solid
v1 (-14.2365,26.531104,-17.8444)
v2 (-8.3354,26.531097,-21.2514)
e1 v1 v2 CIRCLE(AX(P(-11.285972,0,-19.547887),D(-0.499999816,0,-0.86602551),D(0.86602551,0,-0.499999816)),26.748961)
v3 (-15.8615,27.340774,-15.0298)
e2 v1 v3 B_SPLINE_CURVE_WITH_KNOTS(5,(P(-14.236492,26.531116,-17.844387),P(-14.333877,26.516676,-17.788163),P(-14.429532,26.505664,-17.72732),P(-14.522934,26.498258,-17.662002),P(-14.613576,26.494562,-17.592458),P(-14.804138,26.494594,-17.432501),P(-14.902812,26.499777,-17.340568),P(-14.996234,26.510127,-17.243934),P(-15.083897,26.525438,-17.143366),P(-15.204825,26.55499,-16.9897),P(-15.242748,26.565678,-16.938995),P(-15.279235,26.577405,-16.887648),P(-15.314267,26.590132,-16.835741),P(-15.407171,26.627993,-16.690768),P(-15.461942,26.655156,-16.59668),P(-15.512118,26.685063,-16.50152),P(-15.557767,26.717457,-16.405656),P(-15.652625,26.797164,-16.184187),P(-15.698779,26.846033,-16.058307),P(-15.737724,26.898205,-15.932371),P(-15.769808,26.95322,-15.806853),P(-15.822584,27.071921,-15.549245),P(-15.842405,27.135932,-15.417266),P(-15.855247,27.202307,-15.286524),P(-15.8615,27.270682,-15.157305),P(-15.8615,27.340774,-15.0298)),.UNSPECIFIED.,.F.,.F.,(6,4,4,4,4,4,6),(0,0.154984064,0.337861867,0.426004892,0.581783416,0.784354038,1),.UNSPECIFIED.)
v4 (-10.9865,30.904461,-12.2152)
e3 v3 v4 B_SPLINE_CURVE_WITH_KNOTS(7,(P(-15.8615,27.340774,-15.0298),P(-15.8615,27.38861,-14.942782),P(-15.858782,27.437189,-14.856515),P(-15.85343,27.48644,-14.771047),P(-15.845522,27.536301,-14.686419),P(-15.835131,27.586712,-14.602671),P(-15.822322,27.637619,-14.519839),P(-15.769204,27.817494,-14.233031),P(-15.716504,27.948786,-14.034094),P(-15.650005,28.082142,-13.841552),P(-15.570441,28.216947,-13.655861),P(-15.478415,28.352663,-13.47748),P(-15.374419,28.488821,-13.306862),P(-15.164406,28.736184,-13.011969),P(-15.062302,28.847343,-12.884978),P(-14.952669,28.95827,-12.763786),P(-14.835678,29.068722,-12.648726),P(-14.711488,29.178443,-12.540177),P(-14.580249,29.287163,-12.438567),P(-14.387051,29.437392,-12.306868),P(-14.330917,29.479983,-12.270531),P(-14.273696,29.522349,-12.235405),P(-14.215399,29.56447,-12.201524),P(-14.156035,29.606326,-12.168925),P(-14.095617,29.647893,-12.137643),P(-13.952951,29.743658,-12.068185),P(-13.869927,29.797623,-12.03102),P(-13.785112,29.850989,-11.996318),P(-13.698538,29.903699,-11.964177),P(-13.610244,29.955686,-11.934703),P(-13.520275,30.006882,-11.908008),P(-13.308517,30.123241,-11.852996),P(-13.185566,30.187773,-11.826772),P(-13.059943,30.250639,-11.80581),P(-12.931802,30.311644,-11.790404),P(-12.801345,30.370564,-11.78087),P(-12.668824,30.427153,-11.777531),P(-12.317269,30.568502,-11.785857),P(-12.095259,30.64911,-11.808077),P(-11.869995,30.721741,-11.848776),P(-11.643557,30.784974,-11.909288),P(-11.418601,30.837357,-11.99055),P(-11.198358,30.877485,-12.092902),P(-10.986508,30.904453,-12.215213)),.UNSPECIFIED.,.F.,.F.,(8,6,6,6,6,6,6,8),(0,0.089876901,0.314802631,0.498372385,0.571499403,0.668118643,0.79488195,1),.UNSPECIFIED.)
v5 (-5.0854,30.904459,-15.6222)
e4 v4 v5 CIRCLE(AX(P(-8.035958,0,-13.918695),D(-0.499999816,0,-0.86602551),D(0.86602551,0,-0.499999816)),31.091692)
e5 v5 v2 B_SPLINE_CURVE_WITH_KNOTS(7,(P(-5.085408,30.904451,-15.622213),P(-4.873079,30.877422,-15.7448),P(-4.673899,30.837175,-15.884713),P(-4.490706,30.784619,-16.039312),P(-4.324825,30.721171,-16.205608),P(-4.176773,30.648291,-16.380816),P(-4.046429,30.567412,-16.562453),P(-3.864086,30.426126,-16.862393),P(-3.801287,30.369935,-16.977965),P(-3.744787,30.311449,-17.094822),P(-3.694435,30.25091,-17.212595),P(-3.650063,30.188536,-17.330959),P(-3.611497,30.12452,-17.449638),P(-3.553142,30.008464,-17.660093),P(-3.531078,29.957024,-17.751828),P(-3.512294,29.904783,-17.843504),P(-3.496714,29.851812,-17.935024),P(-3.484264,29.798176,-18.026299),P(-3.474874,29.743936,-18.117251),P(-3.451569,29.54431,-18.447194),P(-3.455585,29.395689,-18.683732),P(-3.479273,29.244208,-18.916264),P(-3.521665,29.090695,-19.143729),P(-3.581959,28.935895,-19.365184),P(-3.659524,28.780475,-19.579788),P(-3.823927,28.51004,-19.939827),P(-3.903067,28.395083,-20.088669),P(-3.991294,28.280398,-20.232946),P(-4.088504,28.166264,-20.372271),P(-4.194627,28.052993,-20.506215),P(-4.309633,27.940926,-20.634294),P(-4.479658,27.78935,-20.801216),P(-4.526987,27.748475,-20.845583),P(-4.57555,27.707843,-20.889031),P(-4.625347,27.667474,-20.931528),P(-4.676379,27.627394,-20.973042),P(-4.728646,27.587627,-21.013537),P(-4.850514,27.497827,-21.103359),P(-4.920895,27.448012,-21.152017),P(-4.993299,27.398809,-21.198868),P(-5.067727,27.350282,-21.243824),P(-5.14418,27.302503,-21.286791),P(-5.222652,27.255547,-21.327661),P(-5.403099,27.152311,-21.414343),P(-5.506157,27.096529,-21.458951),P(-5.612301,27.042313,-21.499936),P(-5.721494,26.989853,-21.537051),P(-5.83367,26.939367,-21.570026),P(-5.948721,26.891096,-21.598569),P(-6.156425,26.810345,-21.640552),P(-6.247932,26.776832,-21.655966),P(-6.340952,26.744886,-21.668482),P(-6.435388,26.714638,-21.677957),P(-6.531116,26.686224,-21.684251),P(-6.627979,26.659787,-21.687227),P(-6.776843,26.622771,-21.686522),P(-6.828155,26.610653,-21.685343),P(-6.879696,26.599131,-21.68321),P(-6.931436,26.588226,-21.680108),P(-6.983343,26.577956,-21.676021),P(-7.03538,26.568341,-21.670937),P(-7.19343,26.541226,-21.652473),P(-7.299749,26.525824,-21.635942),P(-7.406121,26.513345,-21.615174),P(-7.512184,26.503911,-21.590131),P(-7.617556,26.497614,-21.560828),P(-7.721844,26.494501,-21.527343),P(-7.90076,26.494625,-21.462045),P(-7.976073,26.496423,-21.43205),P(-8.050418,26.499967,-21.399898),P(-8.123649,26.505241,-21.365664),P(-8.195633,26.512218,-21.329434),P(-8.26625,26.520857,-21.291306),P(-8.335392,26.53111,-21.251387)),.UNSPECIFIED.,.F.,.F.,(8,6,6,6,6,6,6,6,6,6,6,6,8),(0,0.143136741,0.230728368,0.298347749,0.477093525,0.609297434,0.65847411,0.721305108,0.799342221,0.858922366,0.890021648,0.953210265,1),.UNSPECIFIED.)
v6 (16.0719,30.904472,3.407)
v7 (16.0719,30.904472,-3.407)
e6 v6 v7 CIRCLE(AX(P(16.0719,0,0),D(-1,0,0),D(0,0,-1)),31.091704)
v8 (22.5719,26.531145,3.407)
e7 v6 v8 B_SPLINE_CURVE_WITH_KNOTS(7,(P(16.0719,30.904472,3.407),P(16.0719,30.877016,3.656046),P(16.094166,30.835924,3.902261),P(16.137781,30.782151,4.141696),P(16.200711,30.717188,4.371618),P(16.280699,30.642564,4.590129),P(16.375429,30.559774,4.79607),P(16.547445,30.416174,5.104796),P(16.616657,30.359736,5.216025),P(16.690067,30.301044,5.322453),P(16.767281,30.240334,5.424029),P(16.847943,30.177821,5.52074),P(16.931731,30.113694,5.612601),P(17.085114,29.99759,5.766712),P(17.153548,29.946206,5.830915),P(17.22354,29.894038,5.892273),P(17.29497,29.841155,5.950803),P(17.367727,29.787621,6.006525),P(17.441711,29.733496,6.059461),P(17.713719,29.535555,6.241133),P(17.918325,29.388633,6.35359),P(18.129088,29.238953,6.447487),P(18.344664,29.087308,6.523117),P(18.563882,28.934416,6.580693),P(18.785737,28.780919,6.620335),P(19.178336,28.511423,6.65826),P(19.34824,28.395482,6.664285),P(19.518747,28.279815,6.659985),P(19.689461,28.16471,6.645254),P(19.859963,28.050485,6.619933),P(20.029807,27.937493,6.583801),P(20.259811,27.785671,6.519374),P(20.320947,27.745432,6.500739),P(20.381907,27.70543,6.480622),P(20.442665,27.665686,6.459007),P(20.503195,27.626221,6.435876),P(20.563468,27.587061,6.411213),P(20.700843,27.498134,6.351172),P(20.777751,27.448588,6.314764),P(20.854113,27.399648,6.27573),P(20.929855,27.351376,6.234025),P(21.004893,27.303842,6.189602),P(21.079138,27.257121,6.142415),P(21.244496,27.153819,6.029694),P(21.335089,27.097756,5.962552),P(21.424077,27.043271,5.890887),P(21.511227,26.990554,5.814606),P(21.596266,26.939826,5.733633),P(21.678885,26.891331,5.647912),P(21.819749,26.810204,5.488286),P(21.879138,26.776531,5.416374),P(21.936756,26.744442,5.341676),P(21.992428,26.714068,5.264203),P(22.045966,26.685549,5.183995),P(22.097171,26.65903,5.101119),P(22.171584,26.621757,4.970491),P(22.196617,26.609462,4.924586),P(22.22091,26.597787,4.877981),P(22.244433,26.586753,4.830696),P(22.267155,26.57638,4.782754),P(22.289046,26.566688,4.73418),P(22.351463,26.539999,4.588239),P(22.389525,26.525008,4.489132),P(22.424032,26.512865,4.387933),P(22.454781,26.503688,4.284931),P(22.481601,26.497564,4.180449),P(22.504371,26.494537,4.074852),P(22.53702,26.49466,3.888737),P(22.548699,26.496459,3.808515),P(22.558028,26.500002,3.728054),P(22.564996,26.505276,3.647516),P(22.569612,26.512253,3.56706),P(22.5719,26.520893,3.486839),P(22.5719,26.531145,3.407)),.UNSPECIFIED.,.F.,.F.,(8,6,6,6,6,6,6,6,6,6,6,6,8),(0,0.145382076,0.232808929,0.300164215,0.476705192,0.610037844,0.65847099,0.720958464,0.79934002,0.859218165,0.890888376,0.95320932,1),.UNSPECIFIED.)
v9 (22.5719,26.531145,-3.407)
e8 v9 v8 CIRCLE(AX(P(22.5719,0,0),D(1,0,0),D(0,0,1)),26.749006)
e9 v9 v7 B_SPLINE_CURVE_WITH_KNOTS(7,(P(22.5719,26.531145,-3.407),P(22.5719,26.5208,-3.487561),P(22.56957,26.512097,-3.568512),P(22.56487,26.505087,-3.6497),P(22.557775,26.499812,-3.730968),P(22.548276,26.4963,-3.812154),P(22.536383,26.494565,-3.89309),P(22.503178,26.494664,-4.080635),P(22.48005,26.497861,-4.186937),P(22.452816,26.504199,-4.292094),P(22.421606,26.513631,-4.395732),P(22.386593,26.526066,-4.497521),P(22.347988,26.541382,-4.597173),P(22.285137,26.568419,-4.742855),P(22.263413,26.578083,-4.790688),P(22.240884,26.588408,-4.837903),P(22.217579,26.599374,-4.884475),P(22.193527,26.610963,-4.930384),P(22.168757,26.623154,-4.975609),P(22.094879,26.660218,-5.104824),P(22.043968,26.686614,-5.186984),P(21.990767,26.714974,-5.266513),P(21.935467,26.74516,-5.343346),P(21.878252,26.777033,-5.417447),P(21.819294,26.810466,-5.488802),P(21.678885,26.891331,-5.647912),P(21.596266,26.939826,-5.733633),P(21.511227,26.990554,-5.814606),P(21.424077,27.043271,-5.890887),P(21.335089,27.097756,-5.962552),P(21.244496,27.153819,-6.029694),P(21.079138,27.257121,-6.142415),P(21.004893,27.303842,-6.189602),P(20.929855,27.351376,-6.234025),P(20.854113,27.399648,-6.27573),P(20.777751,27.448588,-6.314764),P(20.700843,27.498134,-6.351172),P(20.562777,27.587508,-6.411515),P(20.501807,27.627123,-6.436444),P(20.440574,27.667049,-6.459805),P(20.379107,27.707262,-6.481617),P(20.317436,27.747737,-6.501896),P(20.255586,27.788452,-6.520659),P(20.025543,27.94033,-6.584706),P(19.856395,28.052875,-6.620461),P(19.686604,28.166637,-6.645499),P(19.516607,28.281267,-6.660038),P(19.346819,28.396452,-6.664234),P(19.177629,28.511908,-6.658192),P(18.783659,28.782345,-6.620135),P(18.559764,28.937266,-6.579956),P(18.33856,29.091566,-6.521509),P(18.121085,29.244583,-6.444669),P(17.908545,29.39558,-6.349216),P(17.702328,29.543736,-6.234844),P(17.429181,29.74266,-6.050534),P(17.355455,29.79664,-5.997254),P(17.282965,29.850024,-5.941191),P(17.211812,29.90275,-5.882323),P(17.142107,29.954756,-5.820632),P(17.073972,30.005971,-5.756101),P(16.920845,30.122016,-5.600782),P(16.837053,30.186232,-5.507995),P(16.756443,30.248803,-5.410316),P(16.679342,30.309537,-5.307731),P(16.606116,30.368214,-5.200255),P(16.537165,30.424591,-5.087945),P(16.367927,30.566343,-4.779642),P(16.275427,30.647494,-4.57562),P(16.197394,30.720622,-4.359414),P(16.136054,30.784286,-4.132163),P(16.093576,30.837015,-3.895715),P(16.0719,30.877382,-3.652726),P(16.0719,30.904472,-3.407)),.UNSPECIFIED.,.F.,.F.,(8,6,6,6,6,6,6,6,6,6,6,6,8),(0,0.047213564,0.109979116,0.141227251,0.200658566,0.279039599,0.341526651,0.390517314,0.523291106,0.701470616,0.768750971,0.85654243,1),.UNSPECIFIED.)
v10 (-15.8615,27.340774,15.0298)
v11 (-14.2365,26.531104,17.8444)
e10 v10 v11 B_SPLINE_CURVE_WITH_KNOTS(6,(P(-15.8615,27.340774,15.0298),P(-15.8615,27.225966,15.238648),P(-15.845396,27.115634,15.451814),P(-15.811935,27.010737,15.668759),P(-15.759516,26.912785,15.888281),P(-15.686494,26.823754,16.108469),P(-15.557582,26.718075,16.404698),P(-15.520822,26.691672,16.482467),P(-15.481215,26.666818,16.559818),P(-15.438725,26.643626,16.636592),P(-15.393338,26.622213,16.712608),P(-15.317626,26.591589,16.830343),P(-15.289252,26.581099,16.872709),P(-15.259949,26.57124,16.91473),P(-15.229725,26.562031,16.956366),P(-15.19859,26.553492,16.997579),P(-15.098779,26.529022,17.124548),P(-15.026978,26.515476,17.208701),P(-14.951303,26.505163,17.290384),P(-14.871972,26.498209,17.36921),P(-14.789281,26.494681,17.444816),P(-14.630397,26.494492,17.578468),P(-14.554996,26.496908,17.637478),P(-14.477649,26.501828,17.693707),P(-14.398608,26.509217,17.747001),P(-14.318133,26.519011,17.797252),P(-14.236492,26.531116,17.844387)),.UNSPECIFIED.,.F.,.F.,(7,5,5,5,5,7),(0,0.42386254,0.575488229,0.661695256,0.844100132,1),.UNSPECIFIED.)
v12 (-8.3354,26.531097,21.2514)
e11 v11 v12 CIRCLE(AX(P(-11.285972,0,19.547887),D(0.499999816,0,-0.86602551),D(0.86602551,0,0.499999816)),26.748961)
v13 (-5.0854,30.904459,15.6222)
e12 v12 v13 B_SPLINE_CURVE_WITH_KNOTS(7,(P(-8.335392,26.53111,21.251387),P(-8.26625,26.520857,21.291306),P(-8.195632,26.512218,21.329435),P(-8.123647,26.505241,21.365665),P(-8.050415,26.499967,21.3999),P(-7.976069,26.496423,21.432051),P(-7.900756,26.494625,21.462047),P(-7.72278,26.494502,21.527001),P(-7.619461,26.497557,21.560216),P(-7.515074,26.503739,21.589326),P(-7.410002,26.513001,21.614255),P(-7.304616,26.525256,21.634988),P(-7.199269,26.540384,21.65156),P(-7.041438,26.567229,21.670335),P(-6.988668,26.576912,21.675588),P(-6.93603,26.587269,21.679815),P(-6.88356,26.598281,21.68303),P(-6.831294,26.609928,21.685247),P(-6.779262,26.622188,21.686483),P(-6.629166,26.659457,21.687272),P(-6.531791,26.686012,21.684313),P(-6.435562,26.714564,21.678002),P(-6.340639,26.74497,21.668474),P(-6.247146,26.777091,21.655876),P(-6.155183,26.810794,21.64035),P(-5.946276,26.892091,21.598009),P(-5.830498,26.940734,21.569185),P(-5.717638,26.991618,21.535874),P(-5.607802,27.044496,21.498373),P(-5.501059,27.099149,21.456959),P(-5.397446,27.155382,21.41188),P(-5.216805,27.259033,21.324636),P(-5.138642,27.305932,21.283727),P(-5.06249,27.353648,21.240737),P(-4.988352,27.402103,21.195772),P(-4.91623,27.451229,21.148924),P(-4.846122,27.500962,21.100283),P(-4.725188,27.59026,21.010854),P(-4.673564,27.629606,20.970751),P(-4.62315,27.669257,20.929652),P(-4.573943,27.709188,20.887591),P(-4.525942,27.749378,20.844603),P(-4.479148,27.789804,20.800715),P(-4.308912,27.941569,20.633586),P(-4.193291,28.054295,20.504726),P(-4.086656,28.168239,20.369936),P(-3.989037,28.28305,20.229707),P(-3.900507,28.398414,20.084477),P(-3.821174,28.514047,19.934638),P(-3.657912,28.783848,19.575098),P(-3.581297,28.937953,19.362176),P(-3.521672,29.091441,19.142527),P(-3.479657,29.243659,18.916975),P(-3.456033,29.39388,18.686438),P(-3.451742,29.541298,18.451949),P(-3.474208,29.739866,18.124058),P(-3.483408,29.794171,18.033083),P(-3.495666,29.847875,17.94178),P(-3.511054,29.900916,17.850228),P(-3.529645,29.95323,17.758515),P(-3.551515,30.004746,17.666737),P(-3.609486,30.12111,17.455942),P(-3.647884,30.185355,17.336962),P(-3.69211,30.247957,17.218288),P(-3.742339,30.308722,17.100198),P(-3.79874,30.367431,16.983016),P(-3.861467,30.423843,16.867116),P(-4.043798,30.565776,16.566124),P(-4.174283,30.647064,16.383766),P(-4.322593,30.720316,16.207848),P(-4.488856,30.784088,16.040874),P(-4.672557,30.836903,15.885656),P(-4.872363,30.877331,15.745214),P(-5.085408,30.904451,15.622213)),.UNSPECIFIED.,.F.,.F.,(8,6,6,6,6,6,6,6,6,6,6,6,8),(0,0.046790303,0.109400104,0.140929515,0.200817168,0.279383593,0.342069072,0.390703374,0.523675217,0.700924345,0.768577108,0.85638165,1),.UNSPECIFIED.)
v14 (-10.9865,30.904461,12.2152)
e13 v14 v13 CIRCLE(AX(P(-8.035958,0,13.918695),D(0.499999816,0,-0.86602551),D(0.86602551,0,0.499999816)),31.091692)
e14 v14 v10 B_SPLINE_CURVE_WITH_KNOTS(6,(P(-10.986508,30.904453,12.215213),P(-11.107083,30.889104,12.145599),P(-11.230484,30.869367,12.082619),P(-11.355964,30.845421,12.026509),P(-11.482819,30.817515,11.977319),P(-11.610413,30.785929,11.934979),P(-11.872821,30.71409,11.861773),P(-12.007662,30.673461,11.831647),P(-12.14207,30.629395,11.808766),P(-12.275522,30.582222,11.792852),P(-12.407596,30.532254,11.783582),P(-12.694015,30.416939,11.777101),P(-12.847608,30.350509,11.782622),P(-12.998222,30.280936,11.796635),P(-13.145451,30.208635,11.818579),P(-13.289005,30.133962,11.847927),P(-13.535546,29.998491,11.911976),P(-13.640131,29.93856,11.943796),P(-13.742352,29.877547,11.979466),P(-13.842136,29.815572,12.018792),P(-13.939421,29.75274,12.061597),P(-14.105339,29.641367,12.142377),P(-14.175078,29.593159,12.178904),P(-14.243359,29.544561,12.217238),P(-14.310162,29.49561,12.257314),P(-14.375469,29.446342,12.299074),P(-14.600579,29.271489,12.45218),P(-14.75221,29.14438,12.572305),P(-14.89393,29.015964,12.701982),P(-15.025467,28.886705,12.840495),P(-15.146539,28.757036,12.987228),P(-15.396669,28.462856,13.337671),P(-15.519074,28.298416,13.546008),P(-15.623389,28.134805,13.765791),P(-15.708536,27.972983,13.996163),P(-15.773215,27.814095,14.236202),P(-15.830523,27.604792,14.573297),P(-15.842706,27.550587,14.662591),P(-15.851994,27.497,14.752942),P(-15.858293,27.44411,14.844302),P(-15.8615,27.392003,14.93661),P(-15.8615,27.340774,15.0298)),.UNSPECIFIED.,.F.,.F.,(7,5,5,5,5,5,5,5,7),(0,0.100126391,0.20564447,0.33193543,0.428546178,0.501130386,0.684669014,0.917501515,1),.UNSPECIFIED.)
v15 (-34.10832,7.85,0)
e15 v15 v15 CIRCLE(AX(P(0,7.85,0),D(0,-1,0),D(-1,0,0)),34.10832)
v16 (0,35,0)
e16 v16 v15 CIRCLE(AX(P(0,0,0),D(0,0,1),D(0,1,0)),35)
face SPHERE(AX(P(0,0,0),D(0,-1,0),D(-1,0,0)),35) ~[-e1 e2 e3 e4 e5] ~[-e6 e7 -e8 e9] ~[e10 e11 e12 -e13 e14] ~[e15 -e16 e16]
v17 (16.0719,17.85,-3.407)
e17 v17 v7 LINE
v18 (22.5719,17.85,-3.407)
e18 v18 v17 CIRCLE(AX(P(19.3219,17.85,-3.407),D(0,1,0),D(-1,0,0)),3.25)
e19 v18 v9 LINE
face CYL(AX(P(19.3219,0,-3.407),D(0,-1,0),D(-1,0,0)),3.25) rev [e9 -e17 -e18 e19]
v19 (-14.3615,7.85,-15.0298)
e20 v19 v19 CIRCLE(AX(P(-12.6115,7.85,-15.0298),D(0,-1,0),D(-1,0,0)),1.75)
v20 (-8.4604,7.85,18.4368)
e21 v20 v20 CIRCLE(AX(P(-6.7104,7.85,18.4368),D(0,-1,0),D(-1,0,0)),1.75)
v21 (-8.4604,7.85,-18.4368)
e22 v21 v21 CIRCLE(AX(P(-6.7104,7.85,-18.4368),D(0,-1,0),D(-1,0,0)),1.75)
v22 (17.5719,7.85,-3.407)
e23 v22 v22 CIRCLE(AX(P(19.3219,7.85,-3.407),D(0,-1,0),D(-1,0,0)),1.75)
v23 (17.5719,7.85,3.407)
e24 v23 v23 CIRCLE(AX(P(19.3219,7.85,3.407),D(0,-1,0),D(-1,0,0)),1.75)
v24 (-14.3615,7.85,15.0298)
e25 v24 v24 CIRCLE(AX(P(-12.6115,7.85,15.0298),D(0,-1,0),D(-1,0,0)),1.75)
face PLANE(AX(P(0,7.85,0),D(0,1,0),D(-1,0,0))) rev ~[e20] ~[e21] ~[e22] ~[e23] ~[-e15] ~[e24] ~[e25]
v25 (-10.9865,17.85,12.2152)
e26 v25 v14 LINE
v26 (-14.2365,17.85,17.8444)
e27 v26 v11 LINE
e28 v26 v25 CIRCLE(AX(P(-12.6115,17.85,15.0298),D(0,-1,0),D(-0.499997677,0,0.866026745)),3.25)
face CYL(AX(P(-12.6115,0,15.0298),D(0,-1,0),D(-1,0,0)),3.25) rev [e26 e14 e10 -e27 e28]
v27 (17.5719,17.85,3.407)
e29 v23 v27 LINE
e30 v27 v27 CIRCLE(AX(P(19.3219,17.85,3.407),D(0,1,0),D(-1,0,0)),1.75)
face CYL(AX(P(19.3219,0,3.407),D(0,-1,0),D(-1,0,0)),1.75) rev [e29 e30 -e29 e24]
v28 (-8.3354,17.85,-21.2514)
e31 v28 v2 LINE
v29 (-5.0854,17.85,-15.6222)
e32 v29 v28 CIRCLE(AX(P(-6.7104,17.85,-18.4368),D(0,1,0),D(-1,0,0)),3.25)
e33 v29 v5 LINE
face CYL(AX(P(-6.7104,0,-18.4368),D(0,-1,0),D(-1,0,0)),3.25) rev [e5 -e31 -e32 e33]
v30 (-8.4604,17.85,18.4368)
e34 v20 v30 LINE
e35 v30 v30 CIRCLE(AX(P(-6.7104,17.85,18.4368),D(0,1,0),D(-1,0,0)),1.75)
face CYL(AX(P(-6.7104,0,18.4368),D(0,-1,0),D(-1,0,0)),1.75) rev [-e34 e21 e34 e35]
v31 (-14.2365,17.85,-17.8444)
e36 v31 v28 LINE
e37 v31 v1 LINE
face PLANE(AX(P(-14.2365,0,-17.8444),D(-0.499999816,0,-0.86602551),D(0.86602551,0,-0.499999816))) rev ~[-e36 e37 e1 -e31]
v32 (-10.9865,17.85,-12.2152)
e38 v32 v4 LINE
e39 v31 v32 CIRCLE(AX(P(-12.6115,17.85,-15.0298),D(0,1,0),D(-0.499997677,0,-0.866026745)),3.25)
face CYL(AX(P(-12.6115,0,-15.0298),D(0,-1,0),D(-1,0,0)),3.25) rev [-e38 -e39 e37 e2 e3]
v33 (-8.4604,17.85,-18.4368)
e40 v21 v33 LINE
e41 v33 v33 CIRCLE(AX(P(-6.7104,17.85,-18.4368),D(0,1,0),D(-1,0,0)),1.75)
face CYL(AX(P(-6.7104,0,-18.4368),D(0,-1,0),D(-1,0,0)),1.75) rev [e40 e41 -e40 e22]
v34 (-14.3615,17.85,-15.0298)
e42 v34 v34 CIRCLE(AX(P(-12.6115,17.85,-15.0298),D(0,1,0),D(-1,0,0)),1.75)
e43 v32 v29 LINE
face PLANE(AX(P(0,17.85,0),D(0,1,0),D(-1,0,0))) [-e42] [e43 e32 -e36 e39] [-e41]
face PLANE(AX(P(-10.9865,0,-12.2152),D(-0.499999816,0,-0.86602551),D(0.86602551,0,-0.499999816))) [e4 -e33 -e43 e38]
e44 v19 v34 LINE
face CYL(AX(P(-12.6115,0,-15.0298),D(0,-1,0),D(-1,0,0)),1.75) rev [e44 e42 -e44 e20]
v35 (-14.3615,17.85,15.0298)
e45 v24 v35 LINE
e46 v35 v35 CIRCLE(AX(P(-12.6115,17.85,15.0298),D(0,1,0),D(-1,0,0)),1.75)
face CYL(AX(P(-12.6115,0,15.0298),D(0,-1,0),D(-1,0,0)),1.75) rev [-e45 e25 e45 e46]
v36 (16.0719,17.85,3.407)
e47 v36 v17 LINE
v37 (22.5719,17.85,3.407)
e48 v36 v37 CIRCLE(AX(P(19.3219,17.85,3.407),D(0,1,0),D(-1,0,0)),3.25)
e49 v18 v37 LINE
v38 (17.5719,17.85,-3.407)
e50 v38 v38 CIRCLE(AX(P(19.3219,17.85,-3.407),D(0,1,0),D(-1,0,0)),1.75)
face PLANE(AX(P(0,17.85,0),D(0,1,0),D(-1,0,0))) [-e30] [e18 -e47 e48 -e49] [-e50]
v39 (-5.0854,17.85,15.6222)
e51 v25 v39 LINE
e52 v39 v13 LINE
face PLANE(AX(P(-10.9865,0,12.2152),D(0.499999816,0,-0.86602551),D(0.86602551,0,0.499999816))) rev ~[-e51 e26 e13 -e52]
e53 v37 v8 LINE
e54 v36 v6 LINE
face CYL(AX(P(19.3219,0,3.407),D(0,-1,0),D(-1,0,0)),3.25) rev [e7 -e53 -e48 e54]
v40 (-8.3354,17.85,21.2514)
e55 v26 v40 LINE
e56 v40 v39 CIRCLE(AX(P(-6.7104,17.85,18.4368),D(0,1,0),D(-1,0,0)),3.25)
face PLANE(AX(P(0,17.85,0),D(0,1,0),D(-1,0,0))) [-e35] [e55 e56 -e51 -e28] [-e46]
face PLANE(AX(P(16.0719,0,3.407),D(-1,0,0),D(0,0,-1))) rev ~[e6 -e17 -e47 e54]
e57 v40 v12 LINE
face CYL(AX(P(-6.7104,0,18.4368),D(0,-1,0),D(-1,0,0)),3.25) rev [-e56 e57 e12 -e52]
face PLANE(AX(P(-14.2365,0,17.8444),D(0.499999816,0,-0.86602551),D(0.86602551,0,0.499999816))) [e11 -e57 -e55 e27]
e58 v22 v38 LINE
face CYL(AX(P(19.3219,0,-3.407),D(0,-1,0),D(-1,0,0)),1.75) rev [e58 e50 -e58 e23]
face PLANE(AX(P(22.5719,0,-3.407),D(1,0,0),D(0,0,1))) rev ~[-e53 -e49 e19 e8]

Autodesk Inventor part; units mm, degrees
ref_plane "YZ Plane" through (0, 0, 0) normal (1, 0, 0) x (0, 1, 0)
ref_plane "XZ Plane" through (0, 0, 0) normal (0, 1, 0) x (-1, 0, 0)
ref_plane "XY Plane" through (0, 0, 0) normal (0, 0, 1) x (1, 0, 0)
sketch "Szkic1" plane through (0, 0, 0) normal (0, 1, 0) x (-1, 0, 0)
  circle A0 centre (0, 0) radius 19.62 construction
  line L0 (0, 0) -> (-19.62, 0) construction
  circle A1 centre (0, 0) radius 22.5 construction
  circle A2 centre (-19.3219, 3.407) radius 1.75
  circle A3 centre (-19.3219, -3.407) radius 1.75
  circle A4 centre (6.7104, 18.4368) radius 1.75
  circle A5 centre (12.6115, 15.0298) radius 1.75
  circle A6 centre (12.6115, -15.0298) radius 1.75
  circle A7 centre (6.7104, -18.4368) radius 1.75
  circle A8 centre (0, 0) radius 35
  circle A9 centre (-19.3219, 3.407) radius 3.25
  circle A10 centre (-19.3219, -3.407) radius 3.25
  circle A11 centre (6.7104, -18.4368) radius 3.25
  circle A12 centre (12.6115, -15.0298) radius 3.25
  circle A13 centre (12.6115, 15.0298) radius 3.25
  circle A14 centre (6.7104, 18.4368) radius 3.25
  line L1 (14.2365, 17.8444) -> (8.3354, 21.2514)
  line L2 (10.9865, 12.2152) -> (5.0854, 15.6222)
  line L3 (-16.0719, 3.407) -> (-16.0719, -3.407)
  line L4 (14.2365, -17.8444) -> (8.3354, -21.2514)
  line L5 (10.9865, -12.2152) -> (5.0854, -15.6222)
  line L6 (-22.5719, -3.407) -> (-22.5719, 3.407)
  dimension "d0" = 39.24
  dimension "d1" = 3.5
  dimension "d2" = 20
  dimension "d5" = 360
  dimension "d7" = 45
  dimension "d8" = 70
  dimension "d12" = 6.5
  dimension "d15" = 360
sketch "Szkic3" plane through (0, 0, 0) normal (0, 0, 1) x (1, 0, 0)
  arc A0 (0, 35) -> (-35, 0) centre (0, 0) ccw
  line L0 (0, 35) -> (0, 0)
  line L1 (0, 0) -> (-35, 0)
  line L2 (0, -8.4497) -> (0, 50.6985) projected
  dimension "d19" = 35
revolve "Obrót1" add sketch "Szkic3" angle 360 about axis through (0, -10, 0) along (0, 1, 0)
extrude "Wyciągnięcie proste1" cut sketch "Szkic1" along normal through all contours A2 | A3 | A4 | A5 | A6 | A7 | A9 | L3 A10 L6 A9 | A10 | A11 | A11 L5 A12 L4 | A12 | A13 | A13 L2 A14 L1 | A14
extrude "Wyciągnięcie proste2" add sketch "Szkic1" along normal blind 17.85 contours A9 | L3 A10 L6 A9 | A10 | A11 | A11 L5 A12 L4 | A12 | A13 | A13 L2 A14 L1 | A14
extrude "Wyciągnięcie proste3" cut sketch "Szkic1" along normal blind 7.85 contours A2 | A3 | A4 | A5 | A6 | A7 | A8 | A9 | L3 A10 L6 A9 | A10 | A11 | A11 L5 A12 L4 | A12 | A13 | A13 L2 A14 L1 | A14
ref_plane "Płaszczyzna konstrukcyjna2" through (-11.286, 17.85, -19.5479) normal (-0.866, 0, 0.5) x (0.5, 0, 0.866)
properties part number "hemisphere_1"
